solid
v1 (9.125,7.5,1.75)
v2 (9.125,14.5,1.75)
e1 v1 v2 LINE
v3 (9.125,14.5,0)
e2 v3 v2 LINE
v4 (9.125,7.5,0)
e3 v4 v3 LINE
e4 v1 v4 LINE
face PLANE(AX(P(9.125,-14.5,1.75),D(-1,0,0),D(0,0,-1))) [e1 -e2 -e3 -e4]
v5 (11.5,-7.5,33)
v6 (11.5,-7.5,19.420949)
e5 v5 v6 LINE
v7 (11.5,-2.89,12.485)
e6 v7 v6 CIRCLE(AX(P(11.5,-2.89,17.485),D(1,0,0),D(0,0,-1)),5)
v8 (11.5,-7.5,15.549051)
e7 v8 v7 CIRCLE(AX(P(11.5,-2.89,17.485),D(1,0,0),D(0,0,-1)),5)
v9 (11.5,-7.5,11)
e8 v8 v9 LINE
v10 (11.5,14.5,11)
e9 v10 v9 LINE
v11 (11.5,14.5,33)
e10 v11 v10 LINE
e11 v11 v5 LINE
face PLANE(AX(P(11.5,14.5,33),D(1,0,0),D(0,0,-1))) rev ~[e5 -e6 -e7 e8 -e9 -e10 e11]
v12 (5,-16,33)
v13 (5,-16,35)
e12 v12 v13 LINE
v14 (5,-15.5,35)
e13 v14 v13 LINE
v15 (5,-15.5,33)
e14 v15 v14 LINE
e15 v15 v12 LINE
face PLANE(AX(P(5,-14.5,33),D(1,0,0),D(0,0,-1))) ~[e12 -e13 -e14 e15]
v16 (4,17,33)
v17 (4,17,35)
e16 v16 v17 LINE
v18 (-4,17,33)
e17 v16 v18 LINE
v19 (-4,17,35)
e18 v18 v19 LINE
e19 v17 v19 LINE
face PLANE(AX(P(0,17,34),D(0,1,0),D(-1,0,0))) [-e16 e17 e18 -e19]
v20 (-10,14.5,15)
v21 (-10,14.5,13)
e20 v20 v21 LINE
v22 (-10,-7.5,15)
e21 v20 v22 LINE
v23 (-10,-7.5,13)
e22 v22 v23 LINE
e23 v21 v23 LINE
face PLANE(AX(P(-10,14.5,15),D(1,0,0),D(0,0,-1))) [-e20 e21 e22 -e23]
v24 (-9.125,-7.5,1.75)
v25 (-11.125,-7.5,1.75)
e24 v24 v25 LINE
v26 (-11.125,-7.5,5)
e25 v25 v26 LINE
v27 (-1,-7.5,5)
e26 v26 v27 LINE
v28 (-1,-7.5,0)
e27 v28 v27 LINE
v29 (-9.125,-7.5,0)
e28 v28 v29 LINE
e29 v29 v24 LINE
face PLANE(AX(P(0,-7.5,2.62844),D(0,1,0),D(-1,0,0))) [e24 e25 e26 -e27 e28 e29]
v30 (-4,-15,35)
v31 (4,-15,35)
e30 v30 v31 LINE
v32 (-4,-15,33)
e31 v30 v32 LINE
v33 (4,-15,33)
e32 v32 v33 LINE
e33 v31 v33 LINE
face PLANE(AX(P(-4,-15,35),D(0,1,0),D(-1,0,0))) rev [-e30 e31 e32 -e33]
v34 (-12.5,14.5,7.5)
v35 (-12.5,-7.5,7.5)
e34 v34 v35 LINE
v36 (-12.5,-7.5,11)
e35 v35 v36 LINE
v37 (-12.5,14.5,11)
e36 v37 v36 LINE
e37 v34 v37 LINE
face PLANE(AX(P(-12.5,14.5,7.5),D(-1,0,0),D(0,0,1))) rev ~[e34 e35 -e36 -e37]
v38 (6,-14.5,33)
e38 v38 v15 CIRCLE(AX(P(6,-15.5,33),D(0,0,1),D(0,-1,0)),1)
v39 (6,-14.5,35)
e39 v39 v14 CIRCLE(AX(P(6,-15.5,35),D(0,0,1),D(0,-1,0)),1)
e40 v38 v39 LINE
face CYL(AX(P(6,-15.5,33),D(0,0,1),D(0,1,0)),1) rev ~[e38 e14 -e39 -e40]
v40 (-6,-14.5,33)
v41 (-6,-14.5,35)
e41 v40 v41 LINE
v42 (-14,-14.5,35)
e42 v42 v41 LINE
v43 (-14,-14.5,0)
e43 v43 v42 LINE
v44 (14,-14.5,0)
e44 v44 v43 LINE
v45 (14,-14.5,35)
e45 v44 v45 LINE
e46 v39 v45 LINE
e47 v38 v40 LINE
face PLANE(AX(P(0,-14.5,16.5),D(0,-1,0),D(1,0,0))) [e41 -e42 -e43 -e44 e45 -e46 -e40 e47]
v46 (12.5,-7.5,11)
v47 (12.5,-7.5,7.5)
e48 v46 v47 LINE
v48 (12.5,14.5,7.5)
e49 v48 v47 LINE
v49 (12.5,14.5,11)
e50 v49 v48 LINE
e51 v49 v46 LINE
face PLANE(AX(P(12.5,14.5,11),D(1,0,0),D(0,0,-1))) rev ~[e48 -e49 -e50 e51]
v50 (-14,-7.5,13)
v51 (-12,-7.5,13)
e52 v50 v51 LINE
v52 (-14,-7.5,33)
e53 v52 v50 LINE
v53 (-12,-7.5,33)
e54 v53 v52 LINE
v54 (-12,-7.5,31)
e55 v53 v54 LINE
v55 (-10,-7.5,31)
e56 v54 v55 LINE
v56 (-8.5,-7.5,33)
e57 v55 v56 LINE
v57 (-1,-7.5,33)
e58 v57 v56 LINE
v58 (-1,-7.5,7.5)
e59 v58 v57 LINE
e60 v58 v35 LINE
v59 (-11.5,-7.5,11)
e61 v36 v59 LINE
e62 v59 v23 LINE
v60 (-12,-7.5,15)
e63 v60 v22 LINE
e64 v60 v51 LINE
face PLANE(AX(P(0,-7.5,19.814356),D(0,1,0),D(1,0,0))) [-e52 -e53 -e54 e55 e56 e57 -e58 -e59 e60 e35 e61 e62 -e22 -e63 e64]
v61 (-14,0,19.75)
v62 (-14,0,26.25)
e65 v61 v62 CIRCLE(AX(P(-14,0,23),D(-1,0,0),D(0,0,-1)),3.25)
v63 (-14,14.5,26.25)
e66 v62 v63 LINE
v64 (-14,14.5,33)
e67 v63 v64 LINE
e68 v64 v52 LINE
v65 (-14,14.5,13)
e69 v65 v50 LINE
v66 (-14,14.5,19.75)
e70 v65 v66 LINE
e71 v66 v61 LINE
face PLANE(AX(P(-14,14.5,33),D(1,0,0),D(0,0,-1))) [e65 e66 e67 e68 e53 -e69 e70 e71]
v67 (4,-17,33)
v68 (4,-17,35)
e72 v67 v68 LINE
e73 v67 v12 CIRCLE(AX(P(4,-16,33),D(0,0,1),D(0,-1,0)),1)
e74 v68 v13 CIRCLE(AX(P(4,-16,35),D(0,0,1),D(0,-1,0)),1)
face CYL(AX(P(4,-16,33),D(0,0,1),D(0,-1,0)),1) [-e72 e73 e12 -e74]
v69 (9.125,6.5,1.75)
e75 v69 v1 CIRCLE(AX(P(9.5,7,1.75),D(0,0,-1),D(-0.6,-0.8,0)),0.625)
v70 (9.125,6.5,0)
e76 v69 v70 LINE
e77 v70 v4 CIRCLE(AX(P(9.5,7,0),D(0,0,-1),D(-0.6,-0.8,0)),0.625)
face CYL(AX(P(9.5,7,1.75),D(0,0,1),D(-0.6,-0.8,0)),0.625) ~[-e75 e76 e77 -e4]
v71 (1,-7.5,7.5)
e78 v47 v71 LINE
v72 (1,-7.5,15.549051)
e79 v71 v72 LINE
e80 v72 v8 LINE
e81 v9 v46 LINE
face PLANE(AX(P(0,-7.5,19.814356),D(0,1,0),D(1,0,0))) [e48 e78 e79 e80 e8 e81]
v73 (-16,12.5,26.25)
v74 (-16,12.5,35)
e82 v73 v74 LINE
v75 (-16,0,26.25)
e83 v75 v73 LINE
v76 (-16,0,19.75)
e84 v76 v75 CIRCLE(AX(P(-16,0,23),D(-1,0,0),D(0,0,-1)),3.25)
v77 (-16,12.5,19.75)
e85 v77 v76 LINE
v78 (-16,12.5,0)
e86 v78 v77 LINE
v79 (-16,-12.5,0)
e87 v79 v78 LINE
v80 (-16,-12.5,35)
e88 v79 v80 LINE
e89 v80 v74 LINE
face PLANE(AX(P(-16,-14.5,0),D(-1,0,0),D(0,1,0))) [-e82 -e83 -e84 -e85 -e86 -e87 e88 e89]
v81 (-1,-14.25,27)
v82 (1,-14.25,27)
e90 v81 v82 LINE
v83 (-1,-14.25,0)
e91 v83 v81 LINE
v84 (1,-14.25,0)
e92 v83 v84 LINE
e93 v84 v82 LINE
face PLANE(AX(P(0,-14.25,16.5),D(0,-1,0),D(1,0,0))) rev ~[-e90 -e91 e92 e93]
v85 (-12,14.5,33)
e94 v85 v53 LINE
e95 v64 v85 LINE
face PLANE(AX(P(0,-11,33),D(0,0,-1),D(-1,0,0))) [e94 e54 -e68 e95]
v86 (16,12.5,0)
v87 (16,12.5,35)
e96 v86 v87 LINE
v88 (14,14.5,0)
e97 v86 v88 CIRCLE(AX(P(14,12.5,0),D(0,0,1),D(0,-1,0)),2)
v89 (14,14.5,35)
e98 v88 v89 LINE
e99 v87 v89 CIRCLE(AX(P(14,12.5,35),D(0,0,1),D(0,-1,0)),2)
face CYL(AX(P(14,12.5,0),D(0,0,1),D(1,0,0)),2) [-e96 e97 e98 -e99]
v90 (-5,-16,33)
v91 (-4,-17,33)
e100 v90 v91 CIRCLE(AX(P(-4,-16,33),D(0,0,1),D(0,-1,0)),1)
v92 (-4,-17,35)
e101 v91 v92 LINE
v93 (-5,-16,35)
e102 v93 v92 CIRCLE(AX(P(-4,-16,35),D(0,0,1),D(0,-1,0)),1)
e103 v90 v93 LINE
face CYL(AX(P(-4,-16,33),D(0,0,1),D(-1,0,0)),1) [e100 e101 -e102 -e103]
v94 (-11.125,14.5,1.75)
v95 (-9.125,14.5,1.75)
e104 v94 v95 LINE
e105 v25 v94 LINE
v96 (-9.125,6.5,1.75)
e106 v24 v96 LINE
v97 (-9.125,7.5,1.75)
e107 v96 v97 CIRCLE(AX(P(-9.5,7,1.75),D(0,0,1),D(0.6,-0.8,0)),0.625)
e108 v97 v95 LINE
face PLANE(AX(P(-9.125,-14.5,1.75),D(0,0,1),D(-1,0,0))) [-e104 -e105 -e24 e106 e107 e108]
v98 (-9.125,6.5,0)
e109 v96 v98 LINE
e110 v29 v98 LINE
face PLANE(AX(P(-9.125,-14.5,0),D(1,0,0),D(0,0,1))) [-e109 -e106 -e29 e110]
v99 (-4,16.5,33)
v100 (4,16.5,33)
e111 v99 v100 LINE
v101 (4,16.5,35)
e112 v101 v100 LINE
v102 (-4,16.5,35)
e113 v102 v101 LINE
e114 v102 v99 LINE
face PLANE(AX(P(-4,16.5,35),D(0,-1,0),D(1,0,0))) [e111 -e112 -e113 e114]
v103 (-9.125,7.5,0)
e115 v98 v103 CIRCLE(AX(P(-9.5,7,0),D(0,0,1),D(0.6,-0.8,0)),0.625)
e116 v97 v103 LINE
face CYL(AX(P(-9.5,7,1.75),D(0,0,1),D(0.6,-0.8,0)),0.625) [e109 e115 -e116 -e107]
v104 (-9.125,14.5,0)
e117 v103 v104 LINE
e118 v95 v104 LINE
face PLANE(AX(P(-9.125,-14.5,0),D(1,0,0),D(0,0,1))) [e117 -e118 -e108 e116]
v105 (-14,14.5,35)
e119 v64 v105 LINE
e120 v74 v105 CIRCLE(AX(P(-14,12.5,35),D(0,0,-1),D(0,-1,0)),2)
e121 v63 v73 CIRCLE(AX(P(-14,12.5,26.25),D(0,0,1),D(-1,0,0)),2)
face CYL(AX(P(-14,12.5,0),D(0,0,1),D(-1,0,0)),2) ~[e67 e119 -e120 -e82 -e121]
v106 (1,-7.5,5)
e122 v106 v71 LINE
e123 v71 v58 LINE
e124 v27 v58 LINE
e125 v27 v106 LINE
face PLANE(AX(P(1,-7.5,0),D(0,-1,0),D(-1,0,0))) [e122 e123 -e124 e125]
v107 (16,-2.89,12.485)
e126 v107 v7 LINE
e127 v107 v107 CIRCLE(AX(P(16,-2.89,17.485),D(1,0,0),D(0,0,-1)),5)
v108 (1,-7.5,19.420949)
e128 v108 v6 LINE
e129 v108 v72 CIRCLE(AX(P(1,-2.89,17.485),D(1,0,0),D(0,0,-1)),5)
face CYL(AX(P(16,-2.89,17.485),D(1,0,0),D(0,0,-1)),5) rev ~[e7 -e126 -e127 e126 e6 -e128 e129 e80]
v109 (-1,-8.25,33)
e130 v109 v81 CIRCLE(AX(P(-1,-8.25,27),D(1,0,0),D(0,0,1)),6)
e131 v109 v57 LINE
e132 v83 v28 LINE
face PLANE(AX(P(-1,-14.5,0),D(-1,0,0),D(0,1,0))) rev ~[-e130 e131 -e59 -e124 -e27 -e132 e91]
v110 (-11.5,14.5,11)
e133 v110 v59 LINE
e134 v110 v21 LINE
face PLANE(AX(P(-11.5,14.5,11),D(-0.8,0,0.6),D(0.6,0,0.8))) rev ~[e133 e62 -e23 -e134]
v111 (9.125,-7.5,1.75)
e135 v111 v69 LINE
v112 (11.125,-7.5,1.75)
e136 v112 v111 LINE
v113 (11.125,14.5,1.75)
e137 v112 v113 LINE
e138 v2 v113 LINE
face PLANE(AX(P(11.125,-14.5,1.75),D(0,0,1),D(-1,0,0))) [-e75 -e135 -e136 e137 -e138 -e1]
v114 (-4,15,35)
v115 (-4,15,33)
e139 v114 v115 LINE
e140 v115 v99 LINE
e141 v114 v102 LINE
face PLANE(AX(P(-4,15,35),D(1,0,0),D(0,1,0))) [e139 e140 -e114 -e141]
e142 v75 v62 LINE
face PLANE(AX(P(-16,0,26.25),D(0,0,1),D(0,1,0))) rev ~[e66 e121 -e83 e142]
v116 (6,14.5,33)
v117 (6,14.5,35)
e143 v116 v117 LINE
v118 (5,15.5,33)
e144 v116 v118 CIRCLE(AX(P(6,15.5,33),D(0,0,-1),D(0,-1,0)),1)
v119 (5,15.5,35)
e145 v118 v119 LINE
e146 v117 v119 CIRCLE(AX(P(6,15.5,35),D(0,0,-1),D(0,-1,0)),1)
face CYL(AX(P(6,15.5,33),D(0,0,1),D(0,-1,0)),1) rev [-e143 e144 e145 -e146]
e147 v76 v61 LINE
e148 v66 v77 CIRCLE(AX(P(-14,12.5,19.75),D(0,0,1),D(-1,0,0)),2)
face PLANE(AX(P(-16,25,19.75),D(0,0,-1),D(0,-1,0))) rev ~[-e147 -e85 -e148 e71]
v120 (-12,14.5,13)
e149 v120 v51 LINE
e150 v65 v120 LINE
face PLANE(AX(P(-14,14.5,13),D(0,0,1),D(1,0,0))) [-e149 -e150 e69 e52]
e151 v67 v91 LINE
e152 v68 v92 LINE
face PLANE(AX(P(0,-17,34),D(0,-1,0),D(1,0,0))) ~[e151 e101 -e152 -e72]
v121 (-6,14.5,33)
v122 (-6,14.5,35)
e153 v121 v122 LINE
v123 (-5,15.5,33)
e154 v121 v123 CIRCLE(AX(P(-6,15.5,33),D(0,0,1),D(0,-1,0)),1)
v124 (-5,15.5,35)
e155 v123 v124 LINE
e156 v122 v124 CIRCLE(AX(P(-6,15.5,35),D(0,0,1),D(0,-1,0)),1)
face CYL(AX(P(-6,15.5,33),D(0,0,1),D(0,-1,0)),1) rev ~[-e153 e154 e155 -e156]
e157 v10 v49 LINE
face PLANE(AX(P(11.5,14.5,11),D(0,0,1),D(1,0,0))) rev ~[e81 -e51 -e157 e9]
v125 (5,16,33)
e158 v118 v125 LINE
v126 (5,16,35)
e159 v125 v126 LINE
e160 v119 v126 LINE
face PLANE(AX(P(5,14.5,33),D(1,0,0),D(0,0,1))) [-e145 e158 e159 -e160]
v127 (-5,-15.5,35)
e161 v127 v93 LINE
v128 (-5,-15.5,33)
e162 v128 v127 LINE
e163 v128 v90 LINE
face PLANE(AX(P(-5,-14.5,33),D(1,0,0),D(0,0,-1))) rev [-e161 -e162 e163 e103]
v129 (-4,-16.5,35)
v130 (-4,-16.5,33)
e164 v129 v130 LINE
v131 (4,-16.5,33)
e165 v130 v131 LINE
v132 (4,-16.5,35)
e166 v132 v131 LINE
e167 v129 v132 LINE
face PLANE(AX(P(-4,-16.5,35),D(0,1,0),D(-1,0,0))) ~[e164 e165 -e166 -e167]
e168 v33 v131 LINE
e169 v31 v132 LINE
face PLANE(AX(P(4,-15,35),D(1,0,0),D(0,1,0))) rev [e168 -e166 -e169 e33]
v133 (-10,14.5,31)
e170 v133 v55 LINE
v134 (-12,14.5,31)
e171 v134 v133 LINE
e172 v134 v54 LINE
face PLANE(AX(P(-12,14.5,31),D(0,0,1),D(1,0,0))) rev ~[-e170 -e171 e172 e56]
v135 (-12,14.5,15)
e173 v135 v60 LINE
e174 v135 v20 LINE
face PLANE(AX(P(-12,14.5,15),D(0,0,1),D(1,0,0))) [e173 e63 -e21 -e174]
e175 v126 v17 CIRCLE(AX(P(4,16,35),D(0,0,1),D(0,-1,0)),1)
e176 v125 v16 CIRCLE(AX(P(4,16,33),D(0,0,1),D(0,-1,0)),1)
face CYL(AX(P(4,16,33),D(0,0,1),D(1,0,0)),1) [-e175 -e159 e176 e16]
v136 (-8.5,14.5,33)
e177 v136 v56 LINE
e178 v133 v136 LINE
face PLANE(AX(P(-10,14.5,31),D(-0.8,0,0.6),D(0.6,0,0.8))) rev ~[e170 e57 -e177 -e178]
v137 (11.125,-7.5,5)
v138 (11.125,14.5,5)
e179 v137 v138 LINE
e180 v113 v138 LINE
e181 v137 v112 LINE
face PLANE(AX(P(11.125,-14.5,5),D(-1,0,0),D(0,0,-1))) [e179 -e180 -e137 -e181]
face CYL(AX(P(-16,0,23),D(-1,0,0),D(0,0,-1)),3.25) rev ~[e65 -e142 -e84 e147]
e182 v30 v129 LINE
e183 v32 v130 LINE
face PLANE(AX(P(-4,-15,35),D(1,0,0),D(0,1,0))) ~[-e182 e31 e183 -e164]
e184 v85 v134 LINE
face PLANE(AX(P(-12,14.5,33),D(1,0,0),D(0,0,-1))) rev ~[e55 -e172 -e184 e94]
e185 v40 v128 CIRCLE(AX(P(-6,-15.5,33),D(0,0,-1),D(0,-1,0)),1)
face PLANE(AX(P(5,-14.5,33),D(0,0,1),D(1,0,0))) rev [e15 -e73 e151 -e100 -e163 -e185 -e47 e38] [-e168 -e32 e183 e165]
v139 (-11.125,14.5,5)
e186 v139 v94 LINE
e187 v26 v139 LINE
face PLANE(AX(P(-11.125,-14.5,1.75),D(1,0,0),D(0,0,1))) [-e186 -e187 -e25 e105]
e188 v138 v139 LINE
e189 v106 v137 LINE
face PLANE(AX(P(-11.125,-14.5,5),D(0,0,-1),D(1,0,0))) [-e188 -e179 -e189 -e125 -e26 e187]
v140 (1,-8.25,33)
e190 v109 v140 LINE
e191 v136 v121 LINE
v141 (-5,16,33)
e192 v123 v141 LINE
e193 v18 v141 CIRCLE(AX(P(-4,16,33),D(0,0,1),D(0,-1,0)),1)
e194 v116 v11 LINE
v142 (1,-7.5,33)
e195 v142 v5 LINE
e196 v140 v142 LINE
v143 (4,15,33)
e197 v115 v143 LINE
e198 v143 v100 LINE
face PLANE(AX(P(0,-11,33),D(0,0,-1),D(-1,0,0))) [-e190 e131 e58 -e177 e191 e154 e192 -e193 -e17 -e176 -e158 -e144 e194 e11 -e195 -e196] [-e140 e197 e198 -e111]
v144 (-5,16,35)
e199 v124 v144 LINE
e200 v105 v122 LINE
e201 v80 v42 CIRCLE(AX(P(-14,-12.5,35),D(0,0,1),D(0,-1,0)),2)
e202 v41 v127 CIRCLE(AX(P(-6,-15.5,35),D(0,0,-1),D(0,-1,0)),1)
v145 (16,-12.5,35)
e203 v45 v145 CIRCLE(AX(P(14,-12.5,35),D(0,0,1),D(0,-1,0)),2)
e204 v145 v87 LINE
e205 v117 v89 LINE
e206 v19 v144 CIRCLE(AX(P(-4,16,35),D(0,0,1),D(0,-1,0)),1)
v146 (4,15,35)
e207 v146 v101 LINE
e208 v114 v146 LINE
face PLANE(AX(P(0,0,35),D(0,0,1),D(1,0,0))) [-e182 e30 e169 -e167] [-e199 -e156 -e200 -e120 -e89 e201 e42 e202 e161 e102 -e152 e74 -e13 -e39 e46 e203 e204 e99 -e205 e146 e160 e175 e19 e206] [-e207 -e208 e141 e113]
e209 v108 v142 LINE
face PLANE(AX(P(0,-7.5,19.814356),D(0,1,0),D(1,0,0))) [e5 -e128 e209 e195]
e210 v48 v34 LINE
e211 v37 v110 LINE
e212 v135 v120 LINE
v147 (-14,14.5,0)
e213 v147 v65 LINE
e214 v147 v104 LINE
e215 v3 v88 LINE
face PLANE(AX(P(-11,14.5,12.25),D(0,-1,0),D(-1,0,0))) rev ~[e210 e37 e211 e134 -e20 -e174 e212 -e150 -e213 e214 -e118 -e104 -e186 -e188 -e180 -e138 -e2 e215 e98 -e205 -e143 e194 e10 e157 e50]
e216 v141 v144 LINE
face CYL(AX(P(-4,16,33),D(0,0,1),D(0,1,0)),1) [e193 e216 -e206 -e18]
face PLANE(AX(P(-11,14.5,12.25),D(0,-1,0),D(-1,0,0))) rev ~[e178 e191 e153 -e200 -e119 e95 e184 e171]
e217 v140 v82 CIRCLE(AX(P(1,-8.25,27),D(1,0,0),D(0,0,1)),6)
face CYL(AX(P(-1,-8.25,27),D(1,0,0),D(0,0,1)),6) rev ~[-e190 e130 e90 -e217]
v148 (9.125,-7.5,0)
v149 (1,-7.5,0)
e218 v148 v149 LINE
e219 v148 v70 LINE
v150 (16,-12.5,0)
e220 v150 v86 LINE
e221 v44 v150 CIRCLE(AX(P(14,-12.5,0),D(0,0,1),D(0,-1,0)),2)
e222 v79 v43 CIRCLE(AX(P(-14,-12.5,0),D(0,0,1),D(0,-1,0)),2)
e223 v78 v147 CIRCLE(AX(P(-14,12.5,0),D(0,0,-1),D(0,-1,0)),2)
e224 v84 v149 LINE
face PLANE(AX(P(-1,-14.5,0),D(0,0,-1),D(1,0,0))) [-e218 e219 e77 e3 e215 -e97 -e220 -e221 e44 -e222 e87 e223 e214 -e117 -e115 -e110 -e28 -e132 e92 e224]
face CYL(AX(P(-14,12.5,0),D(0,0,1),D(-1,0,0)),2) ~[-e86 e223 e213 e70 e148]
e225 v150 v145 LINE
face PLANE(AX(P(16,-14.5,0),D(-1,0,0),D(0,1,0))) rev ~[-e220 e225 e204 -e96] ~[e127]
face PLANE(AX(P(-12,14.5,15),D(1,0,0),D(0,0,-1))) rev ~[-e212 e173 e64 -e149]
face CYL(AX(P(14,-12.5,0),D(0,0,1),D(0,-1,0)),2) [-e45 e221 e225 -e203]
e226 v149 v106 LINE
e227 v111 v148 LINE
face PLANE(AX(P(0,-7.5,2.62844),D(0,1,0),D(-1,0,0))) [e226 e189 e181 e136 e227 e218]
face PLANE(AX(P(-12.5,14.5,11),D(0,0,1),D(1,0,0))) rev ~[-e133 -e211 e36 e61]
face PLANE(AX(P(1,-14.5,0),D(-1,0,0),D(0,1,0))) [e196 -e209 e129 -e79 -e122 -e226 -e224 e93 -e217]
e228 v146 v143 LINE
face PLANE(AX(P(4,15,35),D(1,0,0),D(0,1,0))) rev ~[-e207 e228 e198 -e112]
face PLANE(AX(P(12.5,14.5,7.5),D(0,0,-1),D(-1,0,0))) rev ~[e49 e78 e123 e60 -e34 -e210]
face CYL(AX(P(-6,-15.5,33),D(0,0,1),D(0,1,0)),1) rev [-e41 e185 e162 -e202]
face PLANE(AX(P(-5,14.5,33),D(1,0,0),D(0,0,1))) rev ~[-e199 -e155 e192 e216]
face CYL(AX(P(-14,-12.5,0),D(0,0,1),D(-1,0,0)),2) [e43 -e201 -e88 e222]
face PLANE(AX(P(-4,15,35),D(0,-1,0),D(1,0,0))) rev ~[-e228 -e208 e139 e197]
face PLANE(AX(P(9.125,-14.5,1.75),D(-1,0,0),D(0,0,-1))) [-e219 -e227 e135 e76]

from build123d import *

# Parameters (mm, degrees)
SKETCH1_W                = 32
SKETCH1_H                = 29
BOSS_EXTRUDE1_DEPTH      = 35
FILLET1_R                = 2
SLOT_FOR_COIL_DEPTH      = 1
SLOT_FOR_COIL_DEPTH_BACK = 30
BOSS_EXTRUDE2_DEPTH      = 7
BOSS_EXTRUDE3_DEPTH      = 1.75
SKETCH5_W                = 2
SKETCH5_H                = 7
CUT_EXTRUDE2_DEPTH       = 33
CUT_EXTRUDE3_DEPTH       = 22
SKETCH7_W                = 2
SKETCH7_H                = 33
BOSS_EXTRUDE4_DEPTH      = 0.25
FILLET2_R                = 6
CUT_EXTRUDE5_DEPTH       = 4.5
SKETCH14_W               = 2.5
SKETCH14_H               = 20
CUT_EXTRUDE6_DEPTH       = 22
SKETCH16_W               = 2
SKETCH16_H               = 2
BOSS_EXTRUDE5_DEPTH      = 22
BOSS_EXTRUDE6_DEPTH      = 22
SKETCH21_W               = 10
SKETCH21_H               = 2
BOSS_EXTRUDE7_DEPTH      = 2.5
SKETCH23_W               = 8
SKETCH23_H               = 1.5
CUT_EXTRUDE7_DEPTH       = 2
FILLET3_R                = 1
CUT_EXTRUDE8_REACH       = 34
SKETCH26_R               = 5


with BuildPart() as part:
    # Sketch1 → Boss-Extrude1 (new body)
    with BuildSketch(Plane.XY):
        Rectangle(SKETCH1_W, SKETCH1_H)
    extrude(amount=BOSS_EXTRUDE1_DEPTH)

    # Fillet1
    fillet1_edges = [part.edges().sort_by_distance(p)[0] for p in [
        (16, -14.5, 17.5),
        (-16, -14.5, 17.5),
        (-16, 14.5, 17.5),
        (16, 14.5, 17.5),
    ]]
    fillet(fillet1_edges, radius=FILLET1_R)

    # Sketch2 → Slot for Coil (cut, two sides)
    with BuildSketch(Plane.XZ.offset(14.5)) as slot_for_coil_sk:
        Polygon((-9.125, 0), (-9.125, 1.75), (-11.125, 1.75), (-11.125, 5), (11.125, 5), (11.125, 1.75), (9.125, 1.75), (9.125, 0), align=None)
    extrude(amount=SLOT_FOR_COIL_DEPTH, mode=Mode.SUBTRACT)
    extrude(slot_for_coil_sk.sketch, amount=-SLOT_FOR_COIL_DEPTH_BACK, mode=Mode.SUBTRACT)

    # Sketch3 → Boss-Extrude2 (add)
    with BuildSketch(Plane.XZ.offset(14.5)):
        Polygon((-9.125, 0), (-9.125, 1.75), (-11.125, 1.75), (-11.125, 5), (11.125, 5), (11.125, 1.75), (9.125, 1.75), (9.125, 0), align=None)
    extrude(amount=-BOSS_EXTRUDE2_DEPTH)

    # Sketch4 → Boss-Extrude3 (add)
    with BuildSketch(Plane(origin=(0, 0, 1.75), x_dir=(-1, 0, 0), z_dir=(0, 0, -1))):
        with BuildLine():
            Line((-9.125, 7.5), (-9.125, 6.5))
            ThreePointArc((-9.125, 6.5), (-8.875, 7), (-9.125, 7.5))
        make_face()
    boss_extrude3 = extrude(amount=BOSS_EXTRUDE3_DEPTH)

    # Mirror1: Boss-Extrude3 across plane
    add(boss_extrude3.mirror(Plane(origin=(0, 0, 0), x_dir=(0, 0, 1), z_dir=(1, 0, 0))))

    # Sketch5 → Cut-Extrude2 (cut)
    with BuildSketch(Plane(origin=(0, 0, 0), x_dir=(-1, 0, 0), z_dir=(0, 0, -1))):
        with Locations((0, -11)):
            Rectangle(SKETCH5_W, SKETCH5_H)
    extrude(amount=-CUT_EXTRUDE2_DEPTH, mode=Mode.SUBTRACT)

    # Sketch6 → Cut-Extrude3 (cut)
    with BuildSketch(Plane(origin=(0, 14.5, 0), x_dir=(1, 0, 0), z_dir=(0, 1, 0))):
        Polygon((-12.5, -7.5), (-12.5, -11), (-11.5, -11), (-11.5, -33), (11.5, -33), (11.5, -11), (12.5, -11), (12.5, -7.5), align=None)
    extrude(amount=-CUT_EXTRUDE3_DEPTH, mode=Mode.SUBTRACT)

    # Sketch7 → Boss-Extrude4 (add)
    with BuildSketch(Plane.XZ.offset(14.5)):
        with Locations((0, 16.5)):
            Rectangle(SKETCH7_W, SKETCH7_H)
    extrude(amount=-BOSS_EXTRUDE4_DEPTH)

    # Fillet2
    fillet2_edges = [part.edges().sort_by_distance(p)[0] for p in [
        (0, -14.25, 33),
    ]]
    fillet(fillet2_edges, radius=FILLET2_R)

    # Sketch11 → Cut-Extrude5 (cut)
    with BuildSketch(Plane(origin=(-16, 0, 44), x_dir=(0, 0, -1), z_dir=(1, 0, 0))):
        with BuildLine():
            Line((24.25, 25), (24.25, 0))
            ThreePointArc((24.25, 0), (21, -3.25), (17.75, 0))
            Line((17.75, 0), (17.75, 25))
            ThreePointArc((17.75, 25), (21, 28.25), (24.25, 25))
        make_face()
    extrude(amount=CUT_EXTRUDE5_DEPTH, mode=Mode.SUBTRACT)

    # Sketch14 → Cut-Extrude6 (cut)
    with BuildSketch(Plane(origin=(0, 14.5, 0), x_dir=(1, 0, 0), z_dir=(0, 1, 0))):
        with Locations((-12.75, -23)):
            Rectangle(SKETCH14_W, SKETCH14_H)
    extrude(amount=-CUT_EXTRUDE6_DEPTH, mode=Mode.SUBTRACT)

    # Sketch16 → Boss-Extrude5 (add)
    with BuildSketch(Plane(origin=(0, 14.5, 0), x_dir=(1, 0, 0), z_dir=(0, 1, 0))):
        with Locations((-11, -14)):
            Rectangle(SKETCH16_W, SKETCH16_H)
        with Locations((-11, -32)):
            Rectangle(SKETCH16_W, SKETCH16_H)
    extrude(amount=-BOSS_EXTRUDE5_DEPTH)

    # Sketch20 → Boss-Extrude6 (add)
    with BuildSketch(Plane(origin=(0, 14.5, 0), x_dir=(1, 0, 0), z_dir=(0, 1, 0))):
        Polygon((-11.5, -11), (-10, -13), (-11.5, -13), align=None)
        Polygon((-10, -31), (-8.5, -33), (-10, -33), align=None)
    extrude(amount=-BOSS_EXTRUDE6_DEPTH)

    # Sketch21 → Boss-Extrude7 (add)
    with BuildSketch(Plane(origin=(0, 14.5, 0), x_dir=(-1, 0, 0), z_dir=(0, 1, 0))):
        with Locations((0, 34)):
            Rectangle(SKETCH21_W, SKETCH21_H)
    boss_extrude7 = extrude(amount=BOSS_EXTRUDE7_DEPTH)

    # Sketch23 → Cut-Extrude7 (cut)
    with BuildSketch(Plane.XY.offset(35)):
        with Locations((0, 15.75)):
            Rectangle(SKETCH23_W, SKETCH23_H)
    cut_extrude7 = extrude(amount=-CUT_EXTRUDE7_DEPTH, mode=Mode.SUBTRACT)

    # Mirror3: Boss-Extrude7, Cut-Extrude7 across plane
    add(boss_extrude7.mirror(Plane.ZX))
    add(cut_extrude7.mirror(Plane.ZX), mode=Mode.SUBTRACT)

    # Fillet3
    fillet3_edges = [part.edges().sort_by_distance(p)[0] for p in [
        (5, 14.5, 34),
        (-5, 14.5, 34),
        (5, 17, 34),
        (-5, 17, 34),
        (5, -17, 34),
        (-5, -17, 34),
        (5, -14.5, 34),
        (-5, -14.5, 34),
    ]]
    fillet(fillet3_edges, radius=FILLET3_R)

    # Sketch26 → Cut-Extrude8 (cut, up to next)
    with BuildSketch(Plane(origin=(16, 0, 0), x_dir=(0, 0, -1), z_dir=(1, 0, 0)), mode=Mode.PRIVATE) as cut_extrude8_sk1:
        with Locations((-17.485, -2.89)):
            Circle(SKETCH26_R)
    cut_extrude8_tool1 = extrude(cut_extrude8_sk1.sketch, amount=-CUT_EXTRUDE8_REACH, mode=Mode.PRIVATE) & part.part
    add(cut_extrude8_tool1.solids().sort_by_distance((16, -2.89, 17.485))[0], mode=Mode.SUBTRACT)


solid = part.part
